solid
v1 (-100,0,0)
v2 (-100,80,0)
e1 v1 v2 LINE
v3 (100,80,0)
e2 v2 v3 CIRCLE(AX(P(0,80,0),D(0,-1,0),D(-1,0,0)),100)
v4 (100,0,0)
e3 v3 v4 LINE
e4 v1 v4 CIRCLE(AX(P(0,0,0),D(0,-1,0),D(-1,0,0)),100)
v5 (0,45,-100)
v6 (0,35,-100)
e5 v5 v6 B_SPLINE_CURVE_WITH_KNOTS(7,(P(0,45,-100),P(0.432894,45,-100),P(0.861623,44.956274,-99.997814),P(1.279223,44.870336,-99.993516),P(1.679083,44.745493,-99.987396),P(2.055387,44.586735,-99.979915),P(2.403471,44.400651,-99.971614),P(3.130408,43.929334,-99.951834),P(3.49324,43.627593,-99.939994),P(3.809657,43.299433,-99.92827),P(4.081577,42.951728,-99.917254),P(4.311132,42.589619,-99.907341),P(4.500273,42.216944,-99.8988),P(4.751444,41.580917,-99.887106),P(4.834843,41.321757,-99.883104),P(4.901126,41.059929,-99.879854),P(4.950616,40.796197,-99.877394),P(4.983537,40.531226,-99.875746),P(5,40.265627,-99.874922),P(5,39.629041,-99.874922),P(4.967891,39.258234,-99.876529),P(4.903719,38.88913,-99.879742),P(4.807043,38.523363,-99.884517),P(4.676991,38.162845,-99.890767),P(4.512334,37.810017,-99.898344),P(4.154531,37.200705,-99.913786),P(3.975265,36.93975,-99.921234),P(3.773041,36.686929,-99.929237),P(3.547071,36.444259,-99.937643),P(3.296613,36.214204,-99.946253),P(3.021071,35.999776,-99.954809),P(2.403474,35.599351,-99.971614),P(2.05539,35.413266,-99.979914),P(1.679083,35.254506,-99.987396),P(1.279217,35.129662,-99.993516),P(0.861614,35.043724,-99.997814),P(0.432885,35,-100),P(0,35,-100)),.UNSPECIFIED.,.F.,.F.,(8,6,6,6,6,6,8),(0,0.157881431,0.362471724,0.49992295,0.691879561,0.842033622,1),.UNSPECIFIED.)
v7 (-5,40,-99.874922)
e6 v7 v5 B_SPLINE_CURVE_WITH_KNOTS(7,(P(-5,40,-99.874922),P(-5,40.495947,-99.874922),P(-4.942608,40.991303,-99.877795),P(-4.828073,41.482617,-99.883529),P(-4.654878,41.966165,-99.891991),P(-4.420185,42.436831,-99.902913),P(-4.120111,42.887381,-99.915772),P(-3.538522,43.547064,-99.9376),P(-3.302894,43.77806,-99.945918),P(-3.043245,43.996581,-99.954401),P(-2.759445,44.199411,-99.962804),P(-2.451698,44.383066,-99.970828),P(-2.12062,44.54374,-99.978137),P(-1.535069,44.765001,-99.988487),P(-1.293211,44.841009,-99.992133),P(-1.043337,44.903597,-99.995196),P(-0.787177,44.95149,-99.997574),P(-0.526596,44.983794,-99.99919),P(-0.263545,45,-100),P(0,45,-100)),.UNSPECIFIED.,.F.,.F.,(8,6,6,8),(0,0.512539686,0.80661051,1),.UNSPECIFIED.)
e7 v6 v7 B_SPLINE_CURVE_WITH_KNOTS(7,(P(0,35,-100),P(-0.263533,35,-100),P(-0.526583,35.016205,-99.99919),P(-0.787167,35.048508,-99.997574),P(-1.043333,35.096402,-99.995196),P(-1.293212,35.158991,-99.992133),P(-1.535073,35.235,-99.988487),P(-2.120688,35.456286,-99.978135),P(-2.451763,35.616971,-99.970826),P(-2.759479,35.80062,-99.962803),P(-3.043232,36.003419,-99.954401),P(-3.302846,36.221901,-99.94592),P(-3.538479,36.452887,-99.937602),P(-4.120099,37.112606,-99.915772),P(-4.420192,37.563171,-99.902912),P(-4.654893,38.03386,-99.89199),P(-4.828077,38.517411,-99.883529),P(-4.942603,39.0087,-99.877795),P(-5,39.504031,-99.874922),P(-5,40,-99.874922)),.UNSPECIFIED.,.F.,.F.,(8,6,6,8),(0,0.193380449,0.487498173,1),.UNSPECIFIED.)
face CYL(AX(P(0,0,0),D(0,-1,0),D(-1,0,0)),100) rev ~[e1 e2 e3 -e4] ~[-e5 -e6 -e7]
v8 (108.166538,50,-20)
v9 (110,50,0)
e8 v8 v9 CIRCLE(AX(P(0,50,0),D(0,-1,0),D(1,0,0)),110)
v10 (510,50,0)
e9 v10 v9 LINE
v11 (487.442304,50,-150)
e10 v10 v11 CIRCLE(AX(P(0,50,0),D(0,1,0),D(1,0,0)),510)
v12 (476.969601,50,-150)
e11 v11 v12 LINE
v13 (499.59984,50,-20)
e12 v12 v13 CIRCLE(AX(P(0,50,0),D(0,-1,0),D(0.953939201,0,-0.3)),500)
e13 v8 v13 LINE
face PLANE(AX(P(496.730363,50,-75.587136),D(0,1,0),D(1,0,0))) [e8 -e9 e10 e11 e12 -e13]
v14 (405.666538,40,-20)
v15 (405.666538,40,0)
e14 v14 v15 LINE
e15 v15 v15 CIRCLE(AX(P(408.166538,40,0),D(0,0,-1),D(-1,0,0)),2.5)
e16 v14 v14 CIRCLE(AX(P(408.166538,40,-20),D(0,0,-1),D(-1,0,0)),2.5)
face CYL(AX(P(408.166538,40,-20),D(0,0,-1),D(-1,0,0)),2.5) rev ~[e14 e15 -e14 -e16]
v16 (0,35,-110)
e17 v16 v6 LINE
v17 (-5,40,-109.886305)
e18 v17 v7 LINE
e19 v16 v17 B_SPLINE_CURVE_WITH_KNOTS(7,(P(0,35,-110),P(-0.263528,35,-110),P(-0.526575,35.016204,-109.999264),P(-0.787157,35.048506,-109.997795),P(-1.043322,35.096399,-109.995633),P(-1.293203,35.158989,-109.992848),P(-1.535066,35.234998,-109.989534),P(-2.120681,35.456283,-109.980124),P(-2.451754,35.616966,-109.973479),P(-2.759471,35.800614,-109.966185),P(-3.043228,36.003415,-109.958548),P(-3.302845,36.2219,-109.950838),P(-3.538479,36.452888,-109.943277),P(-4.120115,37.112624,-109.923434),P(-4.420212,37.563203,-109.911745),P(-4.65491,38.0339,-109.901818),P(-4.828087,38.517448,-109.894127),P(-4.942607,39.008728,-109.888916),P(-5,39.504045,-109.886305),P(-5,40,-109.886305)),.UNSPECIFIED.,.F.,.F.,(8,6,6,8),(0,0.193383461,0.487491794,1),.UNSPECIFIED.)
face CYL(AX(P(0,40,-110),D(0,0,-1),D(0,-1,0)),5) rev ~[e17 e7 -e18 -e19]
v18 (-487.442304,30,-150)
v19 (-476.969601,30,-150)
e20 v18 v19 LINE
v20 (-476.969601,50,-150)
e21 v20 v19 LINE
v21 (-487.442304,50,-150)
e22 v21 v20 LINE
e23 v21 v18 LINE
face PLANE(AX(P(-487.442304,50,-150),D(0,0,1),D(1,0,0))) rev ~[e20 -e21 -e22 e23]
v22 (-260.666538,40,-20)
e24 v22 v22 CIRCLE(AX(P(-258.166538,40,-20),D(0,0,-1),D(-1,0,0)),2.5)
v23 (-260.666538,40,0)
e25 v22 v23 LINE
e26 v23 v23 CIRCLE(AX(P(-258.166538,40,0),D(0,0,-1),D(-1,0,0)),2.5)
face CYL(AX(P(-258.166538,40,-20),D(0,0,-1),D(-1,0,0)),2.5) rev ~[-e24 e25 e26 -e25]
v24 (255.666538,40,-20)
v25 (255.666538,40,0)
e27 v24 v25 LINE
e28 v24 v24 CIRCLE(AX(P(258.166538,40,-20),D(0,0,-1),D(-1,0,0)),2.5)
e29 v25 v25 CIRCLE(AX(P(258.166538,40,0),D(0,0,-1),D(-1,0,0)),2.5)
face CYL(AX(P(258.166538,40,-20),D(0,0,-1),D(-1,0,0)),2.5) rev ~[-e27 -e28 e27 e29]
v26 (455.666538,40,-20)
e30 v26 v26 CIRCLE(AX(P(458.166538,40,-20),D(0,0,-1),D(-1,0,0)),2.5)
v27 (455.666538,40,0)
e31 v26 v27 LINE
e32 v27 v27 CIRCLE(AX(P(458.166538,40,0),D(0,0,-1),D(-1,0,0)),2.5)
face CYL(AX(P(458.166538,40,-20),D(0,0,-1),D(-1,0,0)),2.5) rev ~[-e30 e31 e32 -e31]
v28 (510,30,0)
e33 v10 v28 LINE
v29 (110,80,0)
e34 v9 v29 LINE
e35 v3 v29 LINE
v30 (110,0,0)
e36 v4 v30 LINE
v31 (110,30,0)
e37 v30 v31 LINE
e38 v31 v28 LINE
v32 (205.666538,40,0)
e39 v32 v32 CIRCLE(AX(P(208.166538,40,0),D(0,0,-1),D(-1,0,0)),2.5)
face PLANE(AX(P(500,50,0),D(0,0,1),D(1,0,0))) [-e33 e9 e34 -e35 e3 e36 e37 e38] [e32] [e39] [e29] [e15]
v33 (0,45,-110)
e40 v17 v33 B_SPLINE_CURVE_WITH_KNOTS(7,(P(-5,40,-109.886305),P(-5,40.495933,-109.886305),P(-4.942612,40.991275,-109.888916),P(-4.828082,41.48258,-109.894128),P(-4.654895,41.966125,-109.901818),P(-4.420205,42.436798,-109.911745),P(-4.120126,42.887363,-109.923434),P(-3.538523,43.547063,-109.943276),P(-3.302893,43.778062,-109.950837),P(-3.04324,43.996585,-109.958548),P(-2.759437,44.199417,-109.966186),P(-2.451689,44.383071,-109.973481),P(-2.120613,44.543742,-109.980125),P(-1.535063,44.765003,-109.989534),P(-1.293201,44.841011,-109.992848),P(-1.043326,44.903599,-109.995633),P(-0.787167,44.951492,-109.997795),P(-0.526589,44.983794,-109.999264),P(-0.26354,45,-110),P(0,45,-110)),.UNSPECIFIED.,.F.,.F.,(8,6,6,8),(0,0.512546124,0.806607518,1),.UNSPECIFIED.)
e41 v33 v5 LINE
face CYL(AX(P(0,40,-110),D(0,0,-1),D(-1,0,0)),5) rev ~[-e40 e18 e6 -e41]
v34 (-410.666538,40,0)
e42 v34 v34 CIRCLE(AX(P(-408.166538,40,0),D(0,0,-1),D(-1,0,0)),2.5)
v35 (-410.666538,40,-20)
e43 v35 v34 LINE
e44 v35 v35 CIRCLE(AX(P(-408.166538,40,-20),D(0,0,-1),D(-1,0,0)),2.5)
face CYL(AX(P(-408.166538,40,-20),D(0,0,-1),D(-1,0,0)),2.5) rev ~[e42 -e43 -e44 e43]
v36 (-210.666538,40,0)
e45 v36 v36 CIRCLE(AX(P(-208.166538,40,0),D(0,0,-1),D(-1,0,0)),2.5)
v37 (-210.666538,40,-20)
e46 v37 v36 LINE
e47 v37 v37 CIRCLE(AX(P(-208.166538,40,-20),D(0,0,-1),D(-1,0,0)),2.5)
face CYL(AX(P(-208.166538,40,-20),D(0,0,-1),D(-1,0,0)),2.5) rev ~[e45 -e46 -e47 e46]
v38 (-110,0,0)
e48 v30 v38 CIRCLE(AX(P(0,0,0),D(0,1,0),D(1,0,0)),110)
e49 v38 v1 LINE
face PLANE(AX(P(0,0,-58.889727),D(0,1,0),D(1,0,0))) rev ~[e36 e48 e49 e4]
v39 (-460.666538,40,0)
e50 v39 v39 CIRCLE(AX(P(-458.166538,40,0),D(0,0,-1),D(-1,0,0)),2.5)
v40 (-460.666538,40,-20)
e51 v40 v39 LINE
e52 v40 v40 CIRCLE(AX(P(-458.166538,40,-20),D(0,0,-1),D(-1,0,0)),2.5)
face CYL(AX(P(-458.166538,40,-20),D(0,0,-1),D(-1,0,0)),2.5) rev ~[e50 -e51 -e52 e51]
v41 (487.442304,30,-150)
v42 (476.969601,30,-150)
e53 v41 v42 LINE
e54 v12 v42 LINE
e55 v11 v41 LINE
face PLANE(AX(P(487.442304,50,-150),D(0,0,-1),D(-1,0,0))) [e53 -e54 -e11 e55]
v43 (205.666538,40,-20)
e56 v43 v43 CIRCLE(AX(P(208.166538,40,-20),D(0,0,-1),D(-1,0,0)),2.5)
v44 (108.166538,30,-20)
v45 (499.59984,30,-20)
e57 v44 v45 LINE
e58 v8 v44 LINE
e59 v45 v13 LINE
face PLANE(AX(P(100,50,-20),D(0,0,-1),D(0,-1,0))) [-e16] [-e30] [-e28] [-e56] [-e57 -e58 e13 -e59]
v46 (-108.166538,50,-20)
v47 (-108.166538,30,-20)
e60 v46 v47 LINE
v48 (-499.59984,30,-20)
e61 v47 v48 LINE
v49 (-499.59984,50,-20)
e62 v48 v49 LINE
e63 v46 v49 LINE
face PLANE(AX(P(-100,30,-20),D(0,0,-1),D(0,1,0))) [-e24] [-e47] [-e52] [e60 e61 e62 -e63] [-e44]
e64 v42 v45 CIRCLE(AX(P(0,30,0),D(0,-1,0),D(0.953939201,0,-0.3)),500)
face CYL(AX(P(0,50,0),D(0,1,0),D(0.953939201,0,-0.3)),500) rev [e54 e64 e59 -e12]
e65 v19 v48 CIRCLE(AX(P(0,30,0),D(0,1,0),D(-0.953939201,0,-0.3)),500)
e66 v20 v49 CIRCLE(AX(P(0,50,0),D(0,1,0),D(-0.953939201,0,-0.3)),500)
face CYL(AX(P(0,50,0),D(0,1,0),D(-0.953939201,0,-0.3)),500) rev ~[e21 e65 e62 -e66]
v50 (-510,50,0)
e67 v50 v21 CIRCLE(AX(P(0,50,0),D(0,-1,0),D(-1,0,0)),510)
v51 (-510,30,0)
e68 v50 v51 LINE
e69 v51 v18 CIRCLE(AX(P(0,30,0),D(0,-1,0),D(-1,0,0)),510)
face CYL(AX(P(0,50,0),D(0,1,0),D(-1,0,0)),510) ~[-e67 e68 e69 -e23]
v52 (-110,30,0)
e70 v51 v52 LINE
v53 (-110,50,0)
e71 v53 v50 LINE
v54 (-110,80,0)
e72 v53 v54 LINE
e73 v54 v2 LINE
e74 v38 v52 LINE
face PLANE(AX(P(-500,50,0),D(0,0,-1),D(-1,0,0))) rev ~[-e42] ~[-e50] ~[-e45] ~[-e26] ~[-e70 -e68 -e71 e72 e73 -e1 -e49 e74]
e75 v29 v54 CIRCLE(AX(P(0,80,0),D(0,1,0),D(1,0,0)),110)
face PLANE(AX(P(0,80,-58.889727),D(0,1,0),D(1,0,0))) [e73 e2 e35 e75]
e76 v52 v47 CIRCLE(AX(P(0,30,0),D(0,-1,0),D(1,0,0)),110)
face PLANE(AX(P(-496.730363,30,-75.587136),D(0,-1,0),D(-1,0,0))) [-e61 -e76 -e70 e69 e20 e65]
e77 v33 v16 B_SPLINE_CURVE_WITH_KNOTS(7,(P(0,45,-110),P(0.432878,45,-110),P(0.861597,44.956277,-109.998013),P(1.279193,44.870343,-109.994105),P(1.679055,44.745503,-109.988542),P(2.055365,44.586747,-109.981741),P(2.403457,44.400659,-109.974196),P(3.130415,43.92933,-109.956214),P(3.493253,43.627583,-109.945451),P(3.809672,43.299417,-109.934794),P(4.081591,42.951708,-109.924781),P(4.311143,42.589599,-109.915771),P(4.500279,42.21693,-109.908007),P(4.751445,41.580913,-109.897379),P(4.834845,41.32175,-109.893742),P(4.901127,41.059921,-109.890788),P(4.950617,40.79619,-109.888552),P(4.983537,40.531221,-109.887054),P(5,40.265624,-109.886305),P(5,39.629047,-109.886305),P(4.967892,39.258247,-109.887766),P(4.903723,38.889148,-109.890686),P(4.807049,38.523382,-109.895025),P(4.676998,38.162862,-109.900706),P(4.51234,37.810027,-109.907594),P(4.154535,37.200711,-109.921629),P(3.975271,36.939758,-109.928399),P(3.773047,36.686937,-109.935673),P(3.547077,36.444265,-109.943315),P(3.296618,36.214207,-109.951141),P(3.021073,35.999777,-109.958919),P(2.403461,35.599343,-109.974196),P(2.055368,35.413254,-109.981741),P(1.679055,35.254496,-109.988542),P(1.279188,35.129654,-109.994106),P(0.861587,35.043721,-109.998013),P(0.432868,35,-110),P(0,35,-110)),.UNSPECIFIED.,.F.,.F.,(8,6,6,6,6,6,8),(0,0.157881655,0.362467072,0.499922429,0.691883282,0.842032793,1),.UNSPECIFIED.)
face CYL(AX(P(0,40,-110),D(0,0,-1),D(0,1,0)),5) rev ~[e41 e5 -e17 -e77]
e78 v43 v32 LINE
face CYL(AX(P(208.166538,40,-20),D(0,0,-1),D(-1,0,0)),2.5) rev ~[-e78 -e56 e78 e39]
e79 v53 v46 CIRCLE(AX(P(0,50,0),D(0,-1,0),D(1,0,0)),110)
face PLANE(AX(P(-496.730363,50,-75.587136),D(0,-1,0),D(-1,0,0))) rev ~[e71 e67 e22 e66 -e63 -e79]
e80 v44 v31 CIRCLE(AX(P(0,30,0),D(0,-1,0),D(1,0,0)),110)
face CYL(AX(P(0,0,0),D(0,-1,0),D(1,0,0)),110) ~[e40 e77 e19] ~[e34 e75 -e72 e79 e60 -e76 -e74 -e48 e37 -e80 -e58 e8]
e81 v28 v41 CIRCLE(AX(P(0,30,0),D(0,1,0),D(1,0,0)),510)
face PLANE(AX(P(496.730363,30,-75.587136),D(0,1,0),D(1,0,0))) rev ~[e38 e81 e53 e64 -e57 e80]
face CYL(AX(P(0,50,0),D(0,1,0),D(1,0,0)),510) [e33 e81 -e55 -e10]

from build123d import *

# Parameters (mm, degrees)
BOSS_EXTRUDE1_DEPTH = 80
SKETCH2_W           = 20
SKETCH2_H           = 10
BOSS_EXTRUDE2_DEPTH = 400
SKETCH3_W           = 20
SKETCH3_H           = 20
BOSS_EXTRUDE3_DEPTH = 400
BOSS_EXTRUDE4_DEPTH = 20
BOSS_EXTRUDE5_DEPTH = 20
SKETCH8_R           = 2.5
CUT_EXTRUDE1_DEPTH  = 20
CUT_EXTRUDE3_DEPTH  = 20


with BuildPart() as part:
    # Sketch1 → Boss-Extrude1 (new body)
    with BuildSketch(Plane(origin=(0, 0, 0), x_dir=(1, 0, 0), z_dir=(0, 1, 0))):
        with BuildLine():
            Line((-110, 0), (-100, 0))
            ThreePointArc((-100, 0), (0, 100), (100, 0))
            Line((100, 0), (110, 0))
            ThreePointArc((110, 0), (0, 110), (-110, 0))
        make_face()
    extrude(amount=BOSS_EXTRUDE1_DEPTH)

    # Sketch2 → Boss-Extrude2 (add)
    with BuildSketch(Plane(origin=(100, 80, 0), x_dir=(0, 0, 1), z_dir=(-1, 0, 0))):
        with Locations((-10, -35)):
            Rectangle(SKETCH2_W, SKETCH2_H)
        with Locations((-10, -45)):
            Rectangle(SKETCH2_W, SKETCH2_H)
    extrude(amount=-BOSS_EXTRUDE2_DEPTH)

    # Sketch3 → Boss-Extrude3 (add)
    with BuildSketch(Plane(origin=(-100, 80, 0), x_dir=(0, 0, -1), z_dir=(1, 0, 0))):
        with Locations((10, -40)):
            Rectangle(SKETCH3_W, SKETCH3_H)
    extrude(amount=-BOSS_EXTRUDE3_DEPTH)

    # Sketch5 → Boss-Extrude4 (add)
    with BuildSketch(Plane(origin=(0, 50, 0), x_dir=(1, 0, 0), z_dir=(0, 1, 0))):
        with BuildLine():
            Line((500, 0), (510, 0))
            ThreePointArc((510, 0), (504.329046943, 75.843341231), (487.442304278, 150))
            Line((487.442304278, 150), (476.969600708, 150))
            ThreePointArc((476.969600708, 150), (494.208862908, 75.878849641), (500, 0))
        make_face()
    extrude(amount=-BOSS_EXTRUDE4_DEPTH)

    # Sketch7 → Boss-Extrude5 (add)
    with BuildSketch(Plane(origin=(0, 50, 0), x_dir=(1, 0, 0), z_dir=(0, 1, 0))):
        with BuildLine():
            ThreePointArc((-510, 0), (-504.329046943, 75.843341231), (-487.442304278, 150))
            Line((-487.442304278, 150), (-476.969600708, 150))
            ThreePointArc((-476.969600708, 150), (-494.208862908, 75.878849641), (-500, 0))
            Line((-500, 0), (-510, 0))
        make_face()
    extrude(amount=-BOSS_EXTRUDE5_DEPTH)

    # Sketch8 → Cut-Extrude1 (cut)
    with BuildSketch(Plane(origin=(0, 0, -20), x_dir=(-1, 0, 0), z_dir=(0, 0, -1))):
        with Locations((-408.166538264, 40)):
            Circle(SKETCH8_R)
        with Locations((-258.166538264, 40)):
            Circle(SKETCH8_R)
        with Locations((258.166538264, 40)):
            Circle(SKETCH8_R)
        with Locations((408.166538264, 40)):
            Circle(SKETCH8_R)
        with Locations((-458.166538264, 40)):
            Circle(SKETCH8_R)
        with Locations((-208.166538264, 40)):
            Circle(SKETCH8_R)
        with Locations((208.166538264, 40)):
            Circle(SKETCH8_R)
        with Locations((458.166538264, 40)):
            Circle(SKETCH8_R)
    extrude(amount=-CUT_EXTRUDE1_DEPTH, mode=Mode.SUBTRACT)

    # Sketch9 → Cut-Extrude3 (cut)
    with BuildSketch(Plane(origin=(0, 80, -110), x_dir=(-1, 0, 0), z_dir=(0, 0, -1))):
        with BuildLine():
            ThreePointArc((0, -35), (-5, -40), (0, -45))
            Line((0, -45), (0, -35))
        make_face()
        with BuildLine():
            Line((0, -35), (0, -45))
            ThreePointArc((0, -45), (3.535533906, -43.535533906), (5, -40))
            ThreePointArc((5, -40), (3.535533906, -36.464466094), (0, -35))
        make_face()
    extrude(amount=-CUT_EXTRUDE3_DEPTH, mode=Mode.SUBTRACT)


solid = part.part
